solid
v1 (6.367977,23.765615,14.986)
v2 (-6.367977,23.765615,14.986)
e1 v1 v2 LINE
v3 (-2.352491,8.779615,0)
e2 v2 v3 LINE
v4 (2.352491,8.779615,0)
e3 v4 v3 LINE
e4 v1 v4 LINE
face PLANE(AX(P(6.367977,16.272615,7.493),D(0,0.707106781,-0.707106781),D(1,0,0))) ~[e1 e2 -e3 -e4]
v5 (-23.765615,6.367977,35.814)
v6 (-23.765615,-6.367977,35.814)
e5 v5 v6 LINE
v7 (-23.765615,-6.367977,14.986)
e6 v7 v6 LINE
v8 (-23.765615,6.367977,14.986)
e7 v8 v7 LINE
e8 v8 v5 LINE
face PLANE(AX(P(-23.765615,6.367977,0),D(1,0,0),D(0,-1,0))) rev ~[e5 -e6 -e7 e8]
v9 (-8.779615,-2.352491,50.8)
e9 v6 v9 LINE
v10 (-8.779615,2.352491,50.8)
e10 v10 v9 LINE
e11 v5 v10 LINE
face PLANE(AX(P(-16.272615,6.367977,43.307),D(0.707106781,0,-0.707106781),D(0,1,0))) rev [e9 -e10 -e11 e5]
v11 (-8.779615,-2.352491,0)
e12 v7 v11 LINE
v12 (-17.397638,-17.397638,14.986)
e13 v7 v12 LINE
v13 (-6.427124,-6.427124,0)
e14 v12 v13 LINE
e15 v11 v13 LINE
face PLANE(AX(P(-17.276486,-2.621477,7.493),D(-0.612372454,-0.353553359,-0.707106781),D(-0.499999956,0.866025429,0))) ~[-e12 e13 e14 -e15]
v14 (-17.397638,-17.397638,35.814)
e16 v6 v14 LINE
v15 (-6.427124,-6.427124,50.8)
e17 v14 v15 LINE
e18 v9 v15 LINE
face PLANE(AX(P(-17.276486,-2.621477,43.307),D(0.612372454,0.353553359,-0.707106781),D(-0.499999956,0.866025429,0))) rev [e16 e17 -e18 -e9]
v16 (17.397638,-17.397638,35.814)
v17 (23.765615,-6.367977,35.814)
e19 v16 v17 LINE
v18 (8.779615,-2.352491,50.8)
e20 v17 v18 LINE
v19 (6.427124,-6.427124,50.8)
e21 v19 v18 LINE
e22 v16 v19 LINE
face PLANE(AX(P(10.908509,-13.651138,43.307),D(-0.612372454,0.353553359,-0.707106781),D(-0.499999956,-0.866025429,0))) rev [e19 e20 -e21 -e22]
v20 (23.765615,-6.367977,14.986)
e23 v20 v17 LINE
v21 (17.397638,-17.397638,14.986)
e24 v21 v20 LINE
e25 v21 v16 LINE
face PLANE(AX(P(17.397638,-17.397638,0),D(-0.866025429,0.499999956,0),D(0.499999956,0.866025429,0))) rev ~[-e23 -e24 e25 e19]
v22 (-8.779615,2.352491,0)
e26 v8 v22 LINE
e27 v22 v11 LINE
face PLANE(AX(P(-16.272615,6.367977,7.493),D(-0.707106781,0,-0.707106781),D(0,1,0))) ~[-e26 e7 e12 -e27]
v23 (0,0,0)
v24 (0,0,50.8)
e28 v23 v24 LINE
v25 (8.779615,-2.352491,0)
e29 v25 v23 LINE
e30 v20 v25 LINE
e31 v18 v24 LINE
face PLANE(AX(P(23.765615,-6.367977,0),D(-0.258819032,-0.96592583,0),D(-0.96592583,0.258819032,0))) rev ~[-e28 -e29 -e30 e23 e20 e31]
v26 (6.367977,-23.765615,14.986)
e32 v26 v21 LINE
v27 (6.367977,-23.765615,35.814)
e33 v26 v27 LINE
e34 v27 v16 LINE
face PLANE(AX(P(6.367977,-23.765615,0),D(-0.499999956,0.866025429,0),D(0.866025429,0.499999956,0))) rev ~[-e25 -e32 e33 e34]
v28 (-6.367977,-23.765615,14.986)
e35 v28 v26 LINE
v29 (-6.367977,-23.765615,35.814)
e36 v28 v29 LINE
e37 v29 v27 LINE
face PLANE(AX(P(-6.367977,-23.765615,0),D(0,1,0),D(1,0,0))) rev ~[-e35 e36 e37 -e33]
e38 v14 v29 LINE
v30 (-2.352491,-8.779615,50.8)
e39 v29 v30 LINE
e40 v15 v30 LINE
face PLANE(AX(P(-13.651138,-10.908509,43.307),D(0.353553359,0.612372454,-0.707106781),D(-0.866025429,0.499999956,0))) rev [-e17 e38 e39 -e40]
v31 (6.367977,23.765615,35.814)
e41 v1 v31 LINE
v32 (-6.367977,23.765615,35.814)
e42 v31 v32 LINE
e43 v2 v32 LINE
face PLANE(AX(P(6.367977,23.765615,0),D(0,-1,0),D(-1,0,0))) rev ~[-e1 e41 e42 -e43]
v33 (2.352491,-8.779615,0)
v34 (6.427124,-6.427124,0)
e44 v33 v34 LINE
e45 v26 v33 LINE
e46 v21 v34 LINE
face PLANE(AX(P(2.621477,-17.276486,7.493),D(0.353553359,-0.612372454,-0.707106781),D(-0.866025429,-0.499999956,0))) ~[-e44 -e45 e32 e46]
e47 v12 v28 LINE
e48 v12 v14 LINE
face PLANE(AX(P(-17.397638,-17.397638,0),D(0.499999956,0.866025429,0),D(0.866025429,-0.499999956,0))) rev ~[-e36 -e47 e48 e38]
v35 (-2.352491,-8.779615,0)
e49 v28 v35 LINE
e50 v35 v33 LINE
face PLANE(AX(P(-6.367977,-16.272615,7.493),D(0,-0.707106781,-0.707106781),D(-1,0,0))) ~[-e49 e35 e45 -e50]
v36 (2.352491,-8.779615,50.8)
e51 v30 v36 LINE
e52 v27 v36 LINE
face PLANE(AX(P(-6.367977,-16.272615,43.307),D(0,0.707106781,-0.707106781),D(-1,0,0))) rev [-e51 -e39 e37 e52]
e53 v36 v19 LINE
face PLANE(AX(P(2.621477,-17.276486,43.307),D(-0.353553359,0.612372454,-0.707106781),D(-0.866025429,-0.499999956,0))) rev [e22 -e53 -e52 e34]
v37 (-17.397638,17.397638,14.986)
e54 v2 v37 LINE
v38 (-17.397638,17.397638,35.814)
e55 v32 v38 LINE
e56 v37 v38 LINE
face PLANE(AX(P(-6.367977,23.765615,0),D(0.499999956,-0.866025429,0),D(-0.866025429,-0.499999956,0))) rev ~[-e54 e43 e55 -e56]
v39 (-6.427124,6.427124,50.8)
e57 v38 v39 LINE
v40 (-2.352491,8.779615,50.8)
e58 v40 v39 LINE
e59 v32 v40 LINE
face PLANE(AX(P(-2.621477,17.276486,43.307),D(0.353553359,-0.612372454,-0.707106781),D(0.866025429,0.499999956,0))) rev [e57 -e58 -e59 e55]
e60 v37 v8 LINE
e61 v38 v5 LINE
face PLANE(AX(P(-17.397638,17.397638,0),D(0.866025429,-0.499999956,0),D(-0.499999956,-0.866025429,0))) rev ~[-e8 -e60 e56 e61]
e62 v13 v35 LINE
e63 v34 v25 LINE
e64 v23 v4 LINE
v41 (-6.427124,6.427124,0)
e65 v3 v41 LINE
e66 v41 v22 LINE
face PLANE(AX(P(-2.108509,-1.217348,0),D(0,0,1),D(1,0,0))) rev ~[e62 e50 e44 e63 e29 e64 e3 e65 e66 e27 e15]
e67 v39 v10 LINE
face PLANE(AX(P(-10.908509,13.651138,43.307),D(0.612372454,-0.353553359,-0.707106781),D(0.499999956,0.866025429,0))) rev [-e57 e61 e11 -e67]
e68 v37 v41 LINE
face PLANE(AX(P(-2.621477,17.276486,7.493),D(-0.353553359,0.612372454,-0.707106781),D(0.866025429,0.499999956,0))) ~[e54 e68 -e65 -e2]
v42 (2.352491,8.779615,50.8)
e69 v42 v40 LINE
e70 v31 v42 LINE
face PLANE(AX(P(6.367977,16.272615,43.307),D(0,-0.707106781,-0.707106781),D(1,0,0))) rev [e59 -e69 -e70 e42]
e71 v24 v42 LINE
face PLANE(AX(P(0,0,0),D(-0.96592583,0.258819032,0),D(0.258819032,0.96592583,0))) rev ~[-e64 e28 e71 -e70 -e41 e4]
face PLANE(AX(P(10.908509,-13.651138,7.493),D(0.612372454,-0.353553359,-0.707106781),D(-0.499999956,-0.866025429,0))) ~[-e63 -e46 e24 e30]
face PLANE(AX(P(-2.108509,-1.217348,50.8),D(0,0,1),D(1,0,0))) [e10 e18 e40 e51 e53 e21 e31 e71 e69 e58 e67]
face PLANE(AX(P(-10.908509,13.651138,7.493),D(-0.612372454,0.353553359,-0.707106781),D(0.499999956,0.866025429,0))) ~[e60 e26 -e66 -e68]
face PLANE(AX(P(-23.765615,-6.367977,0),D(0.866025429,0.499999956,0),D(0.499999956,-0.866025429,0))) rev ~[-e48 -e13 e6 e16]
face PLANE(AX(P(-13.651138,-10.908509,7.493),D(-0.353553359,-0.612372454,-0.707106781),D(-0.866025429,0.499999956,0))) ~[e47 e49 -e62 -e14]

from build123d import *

# Parameters (mm, degrees)
F1_DEPTH = 50.8
F2_SIZE  = 14.986


with BuildPart() as f1:
    # F0 (on Top) → F1 (new body)
    with BuildSketch(Plane.XY):
        Polygon((-6.367977, -23.765615), (6.367977, -23.765615), (17.397638, -17.397638), (23.765615, -6.367977), (0, 0), (6.367977, 23.765615), (-6.367977, 23.765615), (-17.397638, 17.397638), (-23.765615, 6.367977), (-23.765615, -6.367977), (-17.397638, -17.397638), align=None)
    extrude(amount=F1_DEPTH)

    # F2
    f2_edges = [f1.edges().sort_by_distance(p)[0] for p in [
        (0, 23.765615, 50.8),
        (-11.882808, 20.581626, 50.8),
        (-20.581626, 11.882808, 50.8),
        (-23.765615, 0, 50.8),
        (-20.581626, -11.882808, 50.8),
        (-11.882808, -20.581626, 50.8),
        (0, 23.765615, 0),
        (-11.882808, 20.581626, 0),
        (-20.581626, 11.882808, 0),
        (-23.765615, 0, 0),
        (-20.581626, -11.882808, 0),
        (-11.882808, -20.581626, 0),
        (20.581626, -11.882808, 0),
        (11.882808, -20.581626, 0),
        (0, -23.765615, 0),
        (20.581626, -11.882808, 50.8),
        (11.882808, -20.581626, 50.8),
        (0, -23.765615, 50.8),
    ]]
    chamfer(f2_edges, length=F2_SIZE)


solid = f1.part
